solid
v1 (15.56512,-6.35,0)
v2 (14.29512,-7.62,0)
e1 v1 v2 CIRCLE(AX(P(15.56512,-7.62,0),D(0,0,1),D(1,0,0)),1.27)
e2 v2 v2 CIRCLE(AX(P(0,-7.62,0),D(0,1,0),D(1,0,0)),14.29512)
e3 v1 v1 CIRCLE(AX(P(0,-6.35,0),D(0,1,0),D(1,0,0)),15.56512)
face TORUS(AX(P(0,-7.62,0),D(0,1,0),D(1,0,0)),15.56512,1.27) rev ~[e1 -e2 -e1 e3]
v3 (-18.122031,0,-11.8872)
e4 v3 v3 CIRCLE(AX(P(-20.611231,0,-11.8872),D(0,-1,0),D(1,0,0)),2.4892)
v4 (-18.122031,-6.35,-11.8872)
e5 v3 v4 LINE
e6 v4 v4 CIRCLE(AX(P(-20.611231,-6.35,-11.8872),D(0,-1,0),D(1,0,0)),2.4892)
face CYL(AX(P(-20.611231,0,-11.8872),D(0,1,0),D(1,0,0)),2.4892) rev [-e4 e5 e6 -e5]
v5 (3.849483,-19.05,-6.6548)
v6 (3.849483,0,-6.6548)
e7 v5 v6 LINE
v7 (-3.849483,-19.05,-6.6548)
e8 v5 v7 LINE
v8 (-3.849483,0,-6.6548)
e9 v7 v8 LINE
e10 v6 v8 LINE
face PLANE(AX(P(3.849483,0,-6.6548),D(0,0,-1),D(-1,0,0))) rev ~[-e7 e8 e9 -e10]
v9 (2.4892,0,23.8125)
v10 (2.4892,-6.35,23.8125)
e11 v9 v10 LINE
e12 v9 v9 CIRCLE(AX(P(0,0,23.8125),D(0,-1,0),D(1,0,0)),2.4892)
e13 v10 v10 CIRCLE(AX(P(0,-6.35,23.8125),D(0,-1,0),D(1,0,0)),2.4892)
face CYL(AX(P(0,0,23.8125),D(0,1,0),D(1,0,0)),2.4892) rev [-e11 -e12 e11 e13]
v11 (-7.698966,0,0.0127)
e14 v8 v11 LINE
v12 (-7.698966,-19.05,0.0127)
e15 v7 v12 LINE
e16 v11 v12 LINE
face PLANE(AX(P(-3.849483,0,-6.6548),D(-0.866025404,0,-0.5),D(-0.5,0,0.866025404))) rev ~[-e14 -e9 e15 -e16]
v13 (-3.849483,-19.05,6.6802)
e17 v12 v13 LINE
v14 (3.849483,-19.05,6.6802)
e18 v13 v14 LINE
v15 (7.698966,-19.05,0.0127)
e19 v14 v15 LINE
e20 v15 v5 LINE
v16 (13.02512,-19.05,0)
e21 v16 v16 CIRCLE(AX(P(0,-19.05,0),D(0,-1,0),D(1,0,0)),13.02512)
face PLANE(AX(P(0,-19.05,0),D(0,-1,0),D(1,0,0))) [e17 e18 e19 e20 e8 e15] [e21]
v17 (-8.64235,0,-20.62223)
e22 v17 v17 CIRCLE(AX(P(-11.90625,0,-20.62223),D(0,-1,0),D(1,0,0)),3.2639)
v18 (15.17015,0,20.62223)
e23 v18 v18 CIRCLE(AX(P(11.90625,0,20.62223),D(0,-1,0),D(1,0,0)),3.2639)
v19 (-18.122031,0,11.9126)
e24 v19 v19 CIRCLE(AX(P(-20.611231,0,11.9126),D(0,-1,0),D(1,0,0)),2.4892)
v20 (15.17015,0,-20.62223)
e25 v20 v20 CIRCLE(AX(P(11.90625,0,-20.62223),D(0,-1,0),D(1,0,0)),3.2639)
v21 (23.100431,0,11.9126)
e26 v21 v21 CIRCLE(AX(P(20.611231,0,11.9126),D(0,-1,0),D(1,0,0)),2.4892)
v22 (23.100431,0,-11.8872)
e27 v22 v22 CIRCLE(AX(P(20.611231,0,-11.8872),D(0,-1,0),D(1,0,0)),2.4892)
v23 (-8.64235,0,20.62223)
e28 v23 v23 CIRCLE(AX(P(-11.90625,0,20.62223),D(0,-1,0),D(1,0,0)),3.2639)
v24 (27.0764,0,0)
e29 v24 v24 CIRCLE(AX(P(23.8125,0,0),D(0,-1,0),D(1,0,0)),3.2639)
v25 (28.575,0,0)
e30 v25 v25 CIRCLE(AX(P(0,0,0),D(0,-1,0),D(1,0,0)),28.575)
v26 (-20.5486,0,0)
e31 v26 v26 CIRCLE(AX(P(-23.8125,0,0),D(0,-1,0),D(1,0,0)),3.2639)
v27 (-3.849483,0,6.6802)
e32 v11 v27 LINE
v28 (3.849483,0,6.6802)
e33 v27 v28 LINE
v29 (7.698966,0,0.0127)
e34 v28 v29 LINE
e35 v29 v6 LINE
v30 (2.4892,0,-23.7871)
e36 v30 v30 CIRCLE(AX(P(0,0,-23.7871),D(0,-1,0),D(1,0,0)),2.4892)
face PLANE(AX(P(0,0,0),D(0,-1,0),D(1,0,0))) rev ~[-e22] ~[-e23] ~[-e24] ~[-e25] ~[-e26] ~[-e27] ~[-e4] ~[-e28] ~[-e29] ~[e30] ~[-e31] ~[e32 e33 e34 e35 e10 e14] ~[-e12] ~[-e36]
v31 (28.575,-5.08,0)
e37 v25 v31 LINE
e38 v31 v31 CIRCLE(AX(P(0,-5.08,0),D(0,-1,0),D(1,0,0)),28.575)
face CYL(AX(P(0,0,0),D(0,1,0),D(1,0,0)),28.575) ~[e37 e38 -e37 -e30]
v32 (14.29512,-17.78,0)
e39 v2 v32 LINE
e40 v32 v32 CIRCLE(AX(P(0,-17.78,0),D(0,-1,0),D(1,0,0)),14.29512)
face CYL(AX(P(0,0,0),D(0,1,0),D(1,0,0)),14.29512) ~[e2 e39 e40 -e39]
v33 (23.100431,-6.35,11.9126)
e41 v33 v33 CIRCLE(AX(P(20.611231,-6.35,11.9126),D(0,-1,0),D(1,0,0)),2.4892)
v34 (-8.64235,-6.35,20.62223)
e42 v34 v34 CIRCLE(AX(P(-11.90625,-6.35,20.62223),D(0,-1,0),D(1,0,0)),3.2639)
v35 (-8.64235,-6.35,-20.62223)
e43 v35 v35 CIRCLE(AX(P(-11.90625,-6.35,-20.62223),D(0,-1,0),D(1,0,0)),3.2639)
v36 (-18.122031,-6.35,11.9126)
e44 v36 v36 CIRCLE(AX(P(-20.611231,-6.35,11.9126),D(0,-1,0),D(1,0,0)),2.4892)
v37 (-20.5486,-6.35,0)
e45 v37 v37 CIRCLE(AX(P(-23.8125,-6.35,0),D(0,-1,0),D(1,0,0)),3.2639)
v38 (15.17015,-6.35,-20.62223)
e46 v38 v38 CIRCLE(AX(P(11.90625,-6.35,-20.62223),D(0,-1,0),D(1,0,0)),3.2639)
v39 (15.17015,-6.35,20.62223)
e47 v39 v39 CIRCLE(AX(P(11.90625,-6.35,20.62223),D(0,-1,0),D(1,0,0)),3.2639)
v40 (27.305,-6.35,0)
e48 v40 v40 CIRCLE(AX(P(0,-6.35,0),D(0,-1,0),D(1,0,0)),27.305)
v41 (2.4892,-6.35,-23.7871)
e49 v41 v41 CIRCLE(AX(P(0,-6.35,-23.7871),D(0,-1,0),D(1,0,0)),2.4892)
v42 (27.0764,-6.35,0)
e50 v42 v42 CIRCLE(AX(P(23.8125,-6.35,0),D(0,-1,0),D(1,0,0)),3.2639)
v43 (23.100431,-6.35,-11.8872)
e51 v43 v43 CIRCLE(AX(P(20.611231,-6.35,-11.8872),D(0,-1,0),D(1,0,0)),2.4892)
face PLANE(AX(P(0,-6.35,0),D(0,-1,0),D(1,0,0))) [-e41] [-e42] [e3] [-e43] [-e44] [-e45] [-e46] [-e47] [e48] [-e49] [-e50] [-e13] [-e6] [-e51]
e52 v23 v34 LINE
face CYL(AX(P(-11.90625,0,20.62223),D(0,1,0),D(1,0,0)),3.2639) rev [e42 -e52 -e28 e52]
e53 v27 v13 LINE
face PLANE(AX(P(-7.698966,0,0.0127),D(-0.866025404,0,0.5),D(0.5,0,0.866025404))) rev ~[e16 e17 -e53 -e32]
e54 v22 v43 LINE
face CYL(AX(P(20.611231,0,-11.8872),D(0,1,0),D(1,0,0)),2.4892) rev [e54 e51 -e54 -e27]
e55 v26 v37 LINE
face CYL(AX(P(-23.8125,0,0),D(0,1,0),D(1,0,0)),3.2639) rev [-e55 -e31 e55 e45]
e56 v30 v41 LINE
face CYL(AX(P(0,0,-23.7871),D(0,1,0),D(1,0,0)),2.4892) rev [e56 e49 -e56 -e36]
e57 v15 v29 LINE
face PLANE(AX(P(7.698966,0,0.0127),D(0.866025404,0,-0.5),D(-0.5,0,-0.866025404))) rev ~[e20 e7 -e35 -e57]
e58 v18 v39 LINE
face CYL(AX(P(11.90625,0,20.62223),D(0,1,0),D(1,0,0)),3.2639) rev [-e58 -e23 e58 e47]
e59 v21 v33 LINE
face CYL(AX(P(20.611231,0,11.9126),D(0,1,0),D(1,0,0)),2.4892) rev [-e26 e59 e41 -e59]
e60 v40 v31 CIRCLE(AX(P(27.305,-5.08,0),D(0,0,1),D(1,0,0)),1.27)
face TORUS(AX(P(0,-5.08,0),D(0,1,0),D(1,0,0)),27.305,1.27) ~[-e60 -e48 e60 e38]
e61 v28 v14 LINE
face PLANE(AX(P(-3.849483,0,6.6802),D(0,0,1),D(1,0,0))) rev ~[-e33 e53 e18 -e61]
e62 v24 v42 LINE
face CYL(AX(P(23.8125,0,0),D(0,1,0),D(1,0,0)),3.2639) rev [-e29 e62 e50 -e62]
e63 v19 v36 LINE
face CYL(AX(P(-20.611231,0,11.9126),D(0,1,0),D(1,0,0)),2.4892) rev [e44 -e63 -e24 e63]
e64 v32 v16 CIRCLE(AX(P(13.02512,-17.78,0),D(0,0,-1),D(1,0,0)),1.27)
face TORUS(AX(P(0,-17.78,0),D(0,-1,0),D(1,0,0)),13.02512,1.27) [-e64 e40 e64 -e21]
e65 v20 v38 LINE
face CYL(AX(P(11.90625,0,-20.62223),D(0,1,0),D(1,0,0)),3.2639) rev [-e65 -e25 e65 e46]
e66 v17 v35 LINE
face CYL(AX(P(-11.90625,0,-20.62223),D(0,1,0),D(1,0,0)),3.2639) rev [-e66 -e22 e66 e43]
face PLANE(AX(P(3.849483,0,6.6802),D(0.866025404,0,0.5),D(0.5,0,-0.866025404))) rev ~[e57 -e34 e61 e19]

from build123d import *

# Parameters (mm, degrees)
F0_R     = 28.575
F0_R_2   = 3.2639
F0_R_3   = 2.4892
F0_R_4   = 14.29512
F1_DEPTH = 6.35
F2_DEPTH = 19.05
F3_R     = 1.27


with BuildPart() as f1:
    # F0 (on Front) → F1 (new body)
    with BuildSketch(Plane.XZ):
        Circle(F0_R)
        with Locations((-11.90625, -20.6222299276)):
            Circle(F0_R_2, mode=Mode.SUBTRACT)
        with Locations((-20.611231405, -11.8872)):
            Circle(F0_R_3, mode=Mode.SUBTRACT)
        with Locations((0, -23.7871)):
            Circle(F0_R_3, mode=Mode.SUBTRACT)
        with Locations((11.90625, -20.6222299276)):
            Circle(F0_R_2, mode=Mode.SUBTRACT)
        with Locations((20.611231405, -11.8872)):
            Circle(F0_R_3, mode=Mode.SUBTRACT)
        with Locations((-23.8125, 0)):
            Circle(F0_R_2, mode=Mode.SUBTRACT)
        with Locations((-20.611231405, 11.9126)):
            Circle(F0_R_3, mode=Mode.SUBTRACT)
        with Locations((-11.90625, 20.6222299276)):
            Circle(F0_R_2, mode=Mode.SUBTRACT)
        Circle(F0_R_4, mode=Mode.SUBTRACT)
        with Locations((23.8125, 0)):
            Circle(F0_R_2, mode=Mode.SUBTRACT)
        with Locations((20.611231405, 11.9126)):
            Circle(F0_R_3, mode=Mode.SUBTRACT)
        with Locations((11.90625, 20.6222299276)):
            Circle(F0_R_2, mode=Mode.SUBTRACT)
        with Locations((0, 23.8125)):
            Circle(F0_R_3, mode=Mode.SUBTRACT)
        Circle(F0_R_4)
        Polygon((-7.6989658396, 0.0127), (-3.8494829198, 6.6802), (3.8494829198, 6.6802), (7.6989658396, 0.0127), (3.8494829198, -6.6548), (-3.8494829198, -6.6548), align=None, mode=Mode.SUBTRACT)
    extrude(amount=F1_DEPTH)

    # F0 (on Front) → F2 (join)
    with BuildSketch(Plane.XZ):
        Circle(F0_R_4)
        Polygon((-7.6989658396, 0.0127), (-3.8494829198, 6.6802), (3.8494829198, 6.6802), (7.6989658396, 0.0127), (3.8494829198, -6.6548), (-3.8494829198, -6.6548), align=None, mode=Mode.SUBTRACT)
    extrude(amount=F2_DEPTH)

    # F3
    f3_edges = [f1.edges().sort_by_distance(p)[0] for p in [
        (-28.575, -6.35, 0),
        (-14.29512, -19.05, 0),
        (-14.29512, -6.35, 0),
    ]]
    fillet(f3_edges, radius=F3_R)


solid = f1.part
